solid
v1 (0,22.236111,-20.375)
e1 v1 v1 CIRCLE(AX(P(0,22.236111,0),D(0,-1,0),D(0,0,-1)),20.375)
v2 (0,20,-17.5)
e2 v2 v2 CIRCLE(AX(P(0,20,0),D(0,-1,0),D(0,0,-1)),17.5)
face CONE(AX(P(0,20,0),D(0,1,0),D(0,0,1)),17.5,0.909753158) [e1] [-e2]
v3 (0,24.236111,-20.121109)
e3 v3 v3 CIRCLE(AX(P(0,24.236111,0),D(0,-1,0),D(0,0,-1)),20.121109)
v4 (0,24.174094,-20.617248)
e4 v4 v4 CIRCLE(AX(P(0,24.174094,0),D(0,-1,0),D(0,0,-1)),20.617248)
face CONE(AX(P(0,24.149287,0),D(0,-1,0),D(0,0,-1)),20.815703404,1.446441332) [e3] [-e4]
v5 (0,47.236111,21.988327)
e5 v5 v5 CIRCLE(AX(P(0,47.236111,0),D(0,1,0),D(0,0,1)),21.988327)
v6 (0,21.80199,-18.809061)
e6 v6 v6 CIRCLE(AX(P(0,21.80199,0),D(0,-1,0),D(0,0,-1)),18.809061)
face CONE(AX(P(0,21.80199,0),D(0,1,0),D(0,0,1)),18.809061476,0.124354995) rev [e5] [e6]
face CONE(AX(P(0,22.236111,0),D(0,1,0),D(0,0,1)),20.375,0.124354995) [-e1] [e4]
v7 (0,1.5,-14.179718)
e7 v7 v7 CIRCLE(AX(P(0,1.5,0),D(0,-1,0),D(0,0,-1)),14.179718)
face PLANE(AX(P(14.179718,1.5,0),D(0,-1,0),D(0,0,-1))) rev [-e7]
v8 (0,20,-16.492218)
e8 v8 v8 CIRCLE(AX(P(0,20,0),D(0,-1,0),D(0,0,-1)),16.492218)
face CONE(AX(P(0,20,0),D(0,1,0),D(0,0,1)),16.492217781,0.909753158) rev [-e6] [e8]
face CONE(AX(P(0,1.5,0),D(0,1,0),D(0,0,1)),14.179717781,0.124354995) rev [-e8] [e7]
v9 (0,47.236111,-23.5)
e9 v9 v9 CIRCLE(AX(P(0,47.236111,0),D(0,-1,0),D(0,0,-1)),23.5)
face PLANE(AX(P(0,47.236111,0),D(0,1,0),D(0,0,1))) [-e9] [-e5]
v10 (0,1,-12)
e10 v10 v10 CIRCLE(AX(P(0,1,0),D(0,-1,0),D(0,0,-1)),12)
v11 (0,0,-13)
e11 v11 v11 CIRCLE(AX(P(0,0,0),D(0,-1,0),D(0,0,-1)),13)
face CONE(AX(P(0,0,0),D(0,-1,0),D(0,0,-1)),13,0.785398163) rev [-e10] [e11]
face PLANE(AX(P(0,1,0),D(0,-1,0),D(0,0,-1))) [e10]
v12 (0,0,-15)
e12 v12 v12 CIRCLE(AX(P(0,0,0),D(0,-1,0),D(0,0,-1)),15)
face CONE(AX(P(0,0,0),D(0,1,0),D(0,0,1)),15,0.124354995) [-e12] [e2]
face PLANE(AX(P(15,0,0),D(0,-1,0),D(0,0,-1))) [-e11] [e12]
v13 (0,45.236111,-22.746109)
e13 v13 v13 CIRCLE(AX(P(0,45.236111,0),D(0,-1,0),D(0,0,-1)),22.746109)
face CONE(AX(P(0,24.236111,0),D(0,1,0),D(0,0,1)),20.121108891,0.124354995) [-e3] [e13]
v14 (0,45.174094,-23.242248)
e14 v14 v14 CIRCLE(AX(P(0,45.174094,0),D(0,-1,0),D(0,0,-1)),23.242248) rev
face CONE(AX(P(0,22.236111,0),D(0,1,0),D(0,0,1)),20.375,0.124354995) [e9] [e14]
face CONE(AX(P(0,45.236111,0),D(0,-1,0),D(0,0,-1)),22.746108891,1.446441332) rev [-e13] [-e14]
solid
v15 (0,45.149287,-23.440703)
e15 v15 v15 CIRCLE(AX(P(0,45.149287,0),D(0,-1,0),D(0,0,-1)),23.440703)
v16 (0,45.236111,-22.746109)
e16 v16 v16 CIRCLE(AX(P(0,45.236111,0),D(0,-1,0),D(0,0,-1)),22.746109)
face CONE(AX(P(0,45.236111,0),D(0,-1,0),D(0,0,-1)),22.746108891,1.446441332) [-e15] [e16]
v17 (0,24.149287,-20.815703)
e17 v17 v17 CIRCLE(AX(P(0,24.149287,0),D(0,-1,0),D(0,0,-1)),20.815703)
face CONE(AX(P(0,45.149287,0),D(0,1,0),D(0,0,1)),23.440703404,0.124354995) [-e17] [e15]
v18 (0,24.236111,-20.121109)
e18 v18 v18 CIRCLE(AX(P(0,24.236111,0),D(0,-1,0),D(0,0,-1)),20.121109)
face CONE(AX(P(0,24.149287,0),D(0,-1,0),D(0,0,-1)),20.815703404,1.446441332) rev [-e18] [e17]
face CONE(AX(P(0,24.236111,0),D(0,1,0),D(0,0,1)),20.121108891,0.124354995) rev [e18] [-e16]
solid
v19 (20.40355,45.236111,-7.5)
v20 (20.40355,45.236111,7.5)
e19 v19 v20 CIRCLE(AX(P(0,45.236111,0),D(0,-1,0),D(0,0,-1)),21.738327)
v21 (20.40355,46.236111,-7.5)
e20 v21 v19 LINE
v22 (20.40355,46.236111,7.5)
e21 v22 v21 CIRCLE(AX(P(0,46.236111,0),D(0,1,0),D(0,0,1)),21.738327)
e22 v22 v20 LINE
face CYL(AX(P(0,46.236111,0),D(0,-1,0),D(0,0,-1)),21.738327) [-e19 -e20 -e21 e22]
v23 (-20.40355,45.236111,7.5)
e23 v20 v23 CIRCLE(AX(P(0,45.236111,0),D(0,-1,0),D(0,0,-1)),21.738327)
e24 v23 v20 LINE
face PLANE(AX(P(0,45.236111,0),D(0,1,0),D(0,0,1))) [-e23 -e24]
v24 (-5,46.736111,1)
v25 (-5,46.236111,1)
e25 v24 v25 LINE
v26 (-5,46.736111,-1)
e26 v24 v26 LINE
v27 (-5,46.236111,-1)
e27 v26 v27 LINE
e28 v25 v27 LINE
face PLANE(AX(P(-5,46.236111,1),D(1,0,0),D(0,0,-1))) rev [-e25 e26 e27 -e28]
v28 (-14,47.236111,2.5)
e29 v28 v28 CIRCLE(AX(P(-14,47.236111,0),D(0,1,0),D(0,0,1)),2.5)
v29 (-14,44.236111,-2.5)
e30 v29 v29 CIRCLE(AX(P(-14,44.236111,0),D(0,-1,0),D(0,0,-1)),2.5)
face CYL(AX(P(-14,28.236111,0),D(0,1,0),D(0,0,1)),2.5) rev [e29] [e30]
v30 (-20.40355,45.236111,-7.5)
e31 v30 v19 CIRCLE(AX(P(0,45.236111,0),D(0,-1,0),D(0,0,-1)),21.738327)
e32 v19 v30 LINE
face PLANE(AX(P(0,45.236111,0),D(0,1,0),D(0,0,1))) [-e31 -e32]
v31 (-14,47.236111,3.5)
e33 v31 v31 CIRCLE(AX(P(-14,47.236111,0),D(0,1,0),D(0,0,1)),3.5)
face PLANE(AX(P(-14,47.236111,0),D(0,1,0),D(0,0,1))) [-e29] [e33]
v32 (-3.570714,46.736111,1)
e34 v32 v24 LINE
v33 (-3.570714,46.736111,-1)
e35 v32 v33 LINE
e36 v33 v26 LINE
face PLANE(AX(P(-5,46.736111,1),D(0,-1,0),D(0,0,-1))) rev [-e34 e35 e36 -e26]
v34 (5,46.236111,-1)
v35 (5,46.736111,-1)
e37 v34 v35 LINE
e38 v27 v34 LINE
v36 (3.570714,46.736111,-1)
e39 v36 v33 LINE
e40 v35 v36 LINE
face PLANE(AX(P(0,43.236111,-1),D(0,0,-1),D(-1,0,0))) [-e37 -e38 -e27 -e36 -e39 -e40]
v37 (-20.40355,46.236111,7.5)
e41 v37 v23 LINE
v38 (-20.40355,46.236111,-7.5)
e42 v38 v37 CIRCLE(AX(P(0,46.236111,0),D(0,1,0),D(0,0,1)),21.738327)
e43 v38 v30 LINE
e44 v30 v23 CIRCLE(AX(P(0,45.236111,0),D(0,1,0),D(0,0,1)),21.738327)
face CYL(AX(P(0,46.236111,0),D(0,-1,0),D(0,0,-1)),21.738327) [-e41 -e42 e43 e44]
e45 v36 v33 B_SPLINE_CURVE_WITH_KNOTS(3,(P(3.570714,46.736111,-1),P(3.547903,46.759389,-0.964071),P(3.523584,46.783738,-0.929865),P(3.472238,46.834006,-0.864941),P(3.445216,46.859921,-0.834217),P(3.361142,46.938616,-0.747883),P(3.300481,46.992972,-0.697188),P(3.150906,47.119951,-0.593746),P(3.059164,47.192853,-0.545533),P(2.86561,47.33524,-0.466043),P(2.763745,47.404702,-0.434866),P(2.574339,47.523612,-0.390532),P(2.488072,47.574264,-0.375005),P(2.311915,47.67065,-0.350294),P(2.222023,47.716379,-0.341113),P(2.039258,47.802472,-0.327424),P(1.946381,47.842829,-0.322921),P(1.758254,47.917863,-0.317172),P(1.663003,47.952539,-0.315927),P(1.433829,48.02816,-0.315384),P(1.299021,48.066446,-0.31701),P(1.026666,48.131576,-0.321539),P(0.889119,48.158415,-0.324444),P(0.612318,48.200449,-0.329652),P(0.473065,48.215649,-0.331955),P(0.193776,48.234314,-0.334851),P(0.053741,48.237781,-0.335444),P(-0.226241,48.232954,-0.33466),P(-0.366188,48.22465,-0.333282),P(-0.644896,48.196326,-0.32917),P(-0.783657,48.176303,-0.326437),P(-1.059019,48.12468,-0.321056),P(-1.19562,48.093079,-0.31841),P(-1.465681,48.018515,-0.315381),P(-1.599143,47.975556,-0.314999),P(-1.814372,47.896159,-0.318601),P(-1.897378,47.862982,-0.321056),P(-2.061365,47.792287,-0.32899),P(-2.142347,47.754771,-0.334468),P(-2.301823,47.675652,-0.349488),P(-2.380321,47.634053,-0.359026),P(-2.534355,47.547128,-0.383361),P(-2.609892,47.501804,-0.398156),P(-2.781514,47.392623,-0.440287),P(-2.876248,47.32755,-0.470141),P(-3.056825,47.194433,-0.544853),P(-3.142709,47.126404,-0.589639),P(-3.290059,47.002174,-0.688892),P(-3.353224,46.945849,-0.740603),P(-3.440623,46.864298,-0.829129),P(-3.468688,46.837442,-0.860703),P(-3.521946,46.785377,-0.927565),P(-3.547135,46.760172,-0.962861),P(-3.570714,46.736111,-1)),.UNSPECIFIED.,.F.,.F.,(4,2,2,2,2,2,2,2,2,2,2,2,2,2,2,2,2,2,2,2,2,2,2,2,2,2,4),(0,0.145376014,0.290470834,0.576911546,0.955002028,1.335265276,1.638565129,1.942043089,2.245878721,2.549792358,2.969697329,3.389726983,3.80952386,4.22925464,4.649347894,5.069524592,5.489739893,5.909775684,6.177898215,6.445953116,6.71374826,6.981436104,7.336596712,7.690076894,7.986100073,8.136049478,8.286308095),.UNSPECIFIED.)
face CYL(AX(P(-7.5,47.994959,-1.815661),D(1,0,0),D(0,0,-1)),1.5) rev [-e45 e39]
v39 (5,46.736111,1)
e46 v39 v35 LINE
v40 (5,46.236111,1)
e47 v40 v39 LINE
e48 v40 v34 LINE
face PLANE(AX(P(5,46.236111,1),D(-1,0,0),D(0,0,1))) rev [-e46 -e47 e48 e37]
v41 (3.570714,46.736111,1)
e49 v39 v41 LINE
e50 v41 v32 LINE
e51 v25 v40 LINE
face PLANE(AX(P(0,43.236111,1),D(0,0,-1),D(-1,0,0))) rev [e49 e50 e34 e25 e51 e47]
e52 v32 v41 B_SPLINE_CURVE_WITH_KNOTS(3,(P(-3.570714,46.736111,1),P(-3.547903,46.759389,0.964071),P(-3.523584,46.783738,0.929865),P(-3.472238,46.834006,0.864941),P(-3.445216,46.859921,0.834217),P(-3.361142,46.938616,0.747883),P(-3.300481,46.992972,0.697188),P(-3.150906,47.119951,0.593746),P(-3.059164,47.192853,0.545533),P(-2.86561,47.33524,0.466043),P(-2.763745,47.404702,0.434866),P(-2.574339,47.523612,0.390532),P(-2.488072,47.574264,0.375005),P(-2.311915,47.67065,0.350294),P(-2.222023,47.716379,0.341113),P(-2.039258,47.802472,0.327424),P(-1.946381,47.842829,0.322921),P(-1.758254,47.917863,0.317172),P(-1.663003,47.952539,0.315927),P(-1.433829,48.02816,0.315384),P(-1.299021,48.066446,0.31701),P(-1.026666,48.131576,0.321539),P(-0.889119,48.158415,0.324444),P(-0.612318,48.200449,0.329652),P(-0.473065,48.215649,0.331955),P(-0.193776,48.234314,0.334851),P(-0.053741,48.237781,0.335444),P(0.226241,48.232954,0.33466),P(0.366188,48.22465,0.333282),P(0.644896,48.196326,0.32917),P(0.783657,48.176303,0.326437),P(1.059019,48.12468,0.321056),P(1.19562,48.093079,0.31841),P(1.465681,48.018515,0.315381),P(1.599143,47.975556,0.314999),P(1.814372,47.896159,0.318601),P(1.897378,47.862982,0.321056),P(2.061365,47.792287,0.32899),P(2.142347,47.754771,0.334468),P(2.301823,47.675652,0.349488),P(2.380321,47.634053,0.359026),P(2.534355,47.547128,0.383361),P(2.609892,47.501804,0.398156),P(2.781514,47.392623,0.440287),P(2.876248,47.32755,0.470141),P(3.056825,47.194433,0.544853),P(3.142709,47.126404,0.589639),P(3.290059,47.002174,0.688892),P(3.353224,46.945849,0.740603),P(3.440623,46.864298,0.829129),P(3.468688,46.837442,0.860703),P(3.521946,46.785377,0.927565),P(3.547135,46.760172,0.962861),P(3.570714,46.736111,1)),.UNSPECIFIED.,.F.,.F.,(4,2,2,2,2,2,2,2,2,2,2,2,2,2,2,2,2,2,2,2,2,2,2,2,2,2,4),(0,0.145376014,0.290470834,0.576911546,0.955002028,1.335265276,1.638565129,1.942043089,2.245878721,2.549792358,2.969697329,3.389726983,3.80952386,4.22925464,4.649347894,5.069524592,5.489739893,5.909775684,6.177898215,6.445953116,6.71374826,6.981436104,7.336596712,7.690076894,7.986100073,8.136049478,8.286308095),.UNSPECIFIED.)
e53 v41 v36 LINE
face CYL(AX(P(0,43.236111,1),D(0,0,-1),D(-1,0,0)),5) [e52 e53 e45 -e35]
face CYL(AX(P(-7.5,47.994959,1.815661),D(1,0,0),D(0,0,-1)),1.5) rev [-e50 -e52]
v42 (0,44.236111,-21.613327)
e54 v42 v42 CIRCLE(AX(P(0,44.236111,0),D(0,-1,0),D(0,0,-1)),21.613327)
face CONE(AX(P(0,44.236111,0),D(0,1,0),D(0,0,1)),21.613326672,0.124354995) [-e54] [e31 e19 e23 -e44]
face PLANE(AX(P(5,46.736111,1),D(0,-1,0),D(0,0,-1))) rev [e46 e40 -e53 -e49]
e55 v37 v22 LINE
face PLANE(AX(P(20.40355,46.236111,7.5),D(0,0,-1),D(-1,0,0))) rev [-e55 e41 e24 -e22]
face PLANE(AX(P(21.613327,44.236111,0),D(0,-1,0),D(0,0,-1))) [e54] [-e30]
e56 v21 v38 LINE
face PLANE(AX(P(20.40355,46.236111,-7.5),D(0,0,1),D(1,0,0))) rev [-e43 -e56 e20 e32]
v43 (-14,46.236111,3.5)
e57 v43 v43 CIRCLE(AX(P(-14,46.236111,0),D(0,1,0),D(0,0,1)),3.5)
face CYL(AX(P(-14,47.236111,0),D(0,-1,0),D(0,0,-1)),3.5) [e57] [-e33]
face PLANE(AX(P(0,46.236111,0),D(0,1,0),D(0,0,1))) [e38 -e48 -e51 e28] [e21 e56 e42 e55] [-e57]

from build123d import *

# Parameters (mm, degrees)
SKETCH2_R           = 13
CUT_EXTRUDE1_DEPTH  = 1
CUT_EXTRUDE1_DRAFT  = -45
BOSS_EXTRUDE1_DEPTH = 1
SKETCH7_R           = 3.5
BOSS_EXTRUDE2_DEPTH = 1
SKETCH8_R           = 2.5
CUT_EXTRUDE2_DEPTH  = 19
BOSS_EXTRUDE3_DEPTH = 1
CUT_EXTRUDE3_DEPTH  = 7.5


with BuildPart() as part:
    # Sketch1 → Revolve1 (revolve)
    with BuildSketch(Plane.XY):
        Polygon((0, 47.236111111), (23.5, 47.236111111), (20.375, 22.236111111), (17.5, 20), (15, 0), (0, 0), align=None)
    revolve(axis=Axis((0, 0, 0), (0, 1, 0)))


with BuildPart() as cut_extrude1_tool:
    # Sketch2 → Cut-Extrude1 (with draft: the straight prism first)
    with BuildSketch(Plane.XZ):
        Circle(SKETCH2_R)
    extrude(amount=-CUT_EXTRUDE1_DEPTH)
    # Cut-Extrude1: the draft: its side faces are tilted about the plane it starts from
    cut_extrude1_sides = [cut_extrude1_tool.faces().sort_by_distance(p)[0] for p in [
        (-13, 0.5, 0),
    ]]
    draft(cut_extrude1_sides, Plane.XZ, CUT_EXTRUDE1_DRAFT)


with BuildPart() as part_1:
    add(part.part)

    # Cut-Extrude1: cut by cut_extrude1_tool
    add(cut_extrude1_tool.part, mode=Mode.SUBTRACT)

    # Sketch3 → Cut-Revolve1 (revolve, cut)
    with BuildSketch(Plane.XY):
        Polygon((-22.746108891, 45.236111111), (-20.121108891, 24.236111111), (-20.815703404, 24.149286797), (-23.440703404, 45.149286797), align=None)
    revolve(axis=Axis((0, 0, 0), (0, 1, 0)), mode=Mode.SUBTRACT)

    # Sketch4 → Cut-Revolve2 (revolve, cut)
    with BuildSketch(Plane.XY):
        Polygon((0, 51.679010238), (22.543689063, 51.679010238), (18.809061476, 21.80198954), (16.492217781, 20), (14.179717781, 1.5), (0, 1.5), align=None)
    revolve(axis=Axis((0, 0, 0), (0, 1, 0)), mode=Mode.SUBTRACT)


with BuildPart() as body_2:
    # Sketch3<2> → Revolve2 (revolve)
    with BuildSketch(Plane.XY):
        Polygon((-22.746108891, 45.236111111), (-20.121108891, 24.236111111), (-20.815703404, 24.149286797), (-23.440703404, 45.149286797), align=None)
    revolve(axis=Axis((0, 0, 0), (0, 1, 0)))


with BuildPart() as body_3:
    # Sketch5 → Revolve3 (revolve)
    with BuildSketch(Plane.XY):
        Polygon((0, 45.236111111), (21.738326672, 45.236111111), (21.613326672, 44.236111111), (0, 44.236111111), align=None)
    revolve(axis=Axis((0, 0, 0), (0, 1, 0)))

    # Sketch6 → Boss-Extrude1 (add)
    with BuildSketch(Plane(origin=(0, 45.236111111, 0), x_dir=(1, 0, 0), z_dir=(0, 1, 0))):
        with BuildLine():
            Line((20.403549851, -7.5), (-20.403549851, -7.5))
            ThreePointArc((-20.403549851, -7.5), (-21.738326672, 0), (-20.403549851, 7.5))
            Line((-20.403549851, 7.5), (20.403549851, 7.5))
            ThreePointArc((20.403549851, 7.5), (21.738326672, 0), (20.403549851, -7.5))
        make_face()
    extrude(amount=BOSS_EXTRUDE1_DEPTH)

    # Sketch7 → Boss-Extrude2 (add)
    with BuildSketch(Plane(origin=(0, 46.236111111, 0), x_dir=(1, 0, 0), z_dir=(0, 1, 0))):
        with Locations((-14, 0)):
            Circle(SKETCH7_R)
    extrude(amount=BOSS_EXTRUDE2_DEPTH)

    # Sketch8 → Cut-Extrude2 (cut)
    with BuildSketch(Plane(origin=(0, 47.236111111, 0), x_dir=(1, 0, 0), z_dir=(0, 1, 0))):
        with Locations((-14, 0)):
            Circle(SKETCH8_R)
    extrude(amount=-CUT_EXTRUDE2_DEPTH, mode=Mode.SUBTRACT)

    # Sketch9 → Boss-Extrude3 (add, symmetric)
    with BuildSketch(Plane.XY):
        with BuildLine():
            Line((-5, 46.236111111), (-5, 46.736111111))
            Line((-5, 46.736111111), (-3.570714214, 46.736111111))
            ThreePointArc((-3.570714214, 46.736111111), (0, 48.236111111), (3.570714214, 46.736111111))
            Line((3.570714214, 46.736111111), (5, 46.736111111))
            Line((5, 46.736111111), (5, 46.236111111))
            Line((5, 46.236111111), (-5, 46.236111111))
        make_face()
    extrude(amount=BOSS_EXTRUDE3_DEPTH, both=True)

    # Sketch10 → Cut-Extrude3 (cut, symmetric)
    with BuildSketch(Plane(origin=(0, 0, 0), x_dir=(0, 0, -1), z_dir=(1, 0, 0))):
        with BuildLine():
            Line((-1, 46.736111111), (-2, 49.483588531))
            ThreePointArc((-2, 49.483588531), (-0.40612221, 48.507988776), (-1, 46.736111111))
        make_face()
        with BuildLine():
            Line((1, 46.736111111), (2, 49.483588531))
            ThreePointArc((2, 49.483588531), (0.40612221, 48.507988776), (1, 46.736111111))
        make_face()
    extrude(amount=CUT_EXTRUDE3_DEPTH, both=True, mode=Mode.SUBTRACT)


solid = Compound([part_1.part, body_2.part, body_3.part])
